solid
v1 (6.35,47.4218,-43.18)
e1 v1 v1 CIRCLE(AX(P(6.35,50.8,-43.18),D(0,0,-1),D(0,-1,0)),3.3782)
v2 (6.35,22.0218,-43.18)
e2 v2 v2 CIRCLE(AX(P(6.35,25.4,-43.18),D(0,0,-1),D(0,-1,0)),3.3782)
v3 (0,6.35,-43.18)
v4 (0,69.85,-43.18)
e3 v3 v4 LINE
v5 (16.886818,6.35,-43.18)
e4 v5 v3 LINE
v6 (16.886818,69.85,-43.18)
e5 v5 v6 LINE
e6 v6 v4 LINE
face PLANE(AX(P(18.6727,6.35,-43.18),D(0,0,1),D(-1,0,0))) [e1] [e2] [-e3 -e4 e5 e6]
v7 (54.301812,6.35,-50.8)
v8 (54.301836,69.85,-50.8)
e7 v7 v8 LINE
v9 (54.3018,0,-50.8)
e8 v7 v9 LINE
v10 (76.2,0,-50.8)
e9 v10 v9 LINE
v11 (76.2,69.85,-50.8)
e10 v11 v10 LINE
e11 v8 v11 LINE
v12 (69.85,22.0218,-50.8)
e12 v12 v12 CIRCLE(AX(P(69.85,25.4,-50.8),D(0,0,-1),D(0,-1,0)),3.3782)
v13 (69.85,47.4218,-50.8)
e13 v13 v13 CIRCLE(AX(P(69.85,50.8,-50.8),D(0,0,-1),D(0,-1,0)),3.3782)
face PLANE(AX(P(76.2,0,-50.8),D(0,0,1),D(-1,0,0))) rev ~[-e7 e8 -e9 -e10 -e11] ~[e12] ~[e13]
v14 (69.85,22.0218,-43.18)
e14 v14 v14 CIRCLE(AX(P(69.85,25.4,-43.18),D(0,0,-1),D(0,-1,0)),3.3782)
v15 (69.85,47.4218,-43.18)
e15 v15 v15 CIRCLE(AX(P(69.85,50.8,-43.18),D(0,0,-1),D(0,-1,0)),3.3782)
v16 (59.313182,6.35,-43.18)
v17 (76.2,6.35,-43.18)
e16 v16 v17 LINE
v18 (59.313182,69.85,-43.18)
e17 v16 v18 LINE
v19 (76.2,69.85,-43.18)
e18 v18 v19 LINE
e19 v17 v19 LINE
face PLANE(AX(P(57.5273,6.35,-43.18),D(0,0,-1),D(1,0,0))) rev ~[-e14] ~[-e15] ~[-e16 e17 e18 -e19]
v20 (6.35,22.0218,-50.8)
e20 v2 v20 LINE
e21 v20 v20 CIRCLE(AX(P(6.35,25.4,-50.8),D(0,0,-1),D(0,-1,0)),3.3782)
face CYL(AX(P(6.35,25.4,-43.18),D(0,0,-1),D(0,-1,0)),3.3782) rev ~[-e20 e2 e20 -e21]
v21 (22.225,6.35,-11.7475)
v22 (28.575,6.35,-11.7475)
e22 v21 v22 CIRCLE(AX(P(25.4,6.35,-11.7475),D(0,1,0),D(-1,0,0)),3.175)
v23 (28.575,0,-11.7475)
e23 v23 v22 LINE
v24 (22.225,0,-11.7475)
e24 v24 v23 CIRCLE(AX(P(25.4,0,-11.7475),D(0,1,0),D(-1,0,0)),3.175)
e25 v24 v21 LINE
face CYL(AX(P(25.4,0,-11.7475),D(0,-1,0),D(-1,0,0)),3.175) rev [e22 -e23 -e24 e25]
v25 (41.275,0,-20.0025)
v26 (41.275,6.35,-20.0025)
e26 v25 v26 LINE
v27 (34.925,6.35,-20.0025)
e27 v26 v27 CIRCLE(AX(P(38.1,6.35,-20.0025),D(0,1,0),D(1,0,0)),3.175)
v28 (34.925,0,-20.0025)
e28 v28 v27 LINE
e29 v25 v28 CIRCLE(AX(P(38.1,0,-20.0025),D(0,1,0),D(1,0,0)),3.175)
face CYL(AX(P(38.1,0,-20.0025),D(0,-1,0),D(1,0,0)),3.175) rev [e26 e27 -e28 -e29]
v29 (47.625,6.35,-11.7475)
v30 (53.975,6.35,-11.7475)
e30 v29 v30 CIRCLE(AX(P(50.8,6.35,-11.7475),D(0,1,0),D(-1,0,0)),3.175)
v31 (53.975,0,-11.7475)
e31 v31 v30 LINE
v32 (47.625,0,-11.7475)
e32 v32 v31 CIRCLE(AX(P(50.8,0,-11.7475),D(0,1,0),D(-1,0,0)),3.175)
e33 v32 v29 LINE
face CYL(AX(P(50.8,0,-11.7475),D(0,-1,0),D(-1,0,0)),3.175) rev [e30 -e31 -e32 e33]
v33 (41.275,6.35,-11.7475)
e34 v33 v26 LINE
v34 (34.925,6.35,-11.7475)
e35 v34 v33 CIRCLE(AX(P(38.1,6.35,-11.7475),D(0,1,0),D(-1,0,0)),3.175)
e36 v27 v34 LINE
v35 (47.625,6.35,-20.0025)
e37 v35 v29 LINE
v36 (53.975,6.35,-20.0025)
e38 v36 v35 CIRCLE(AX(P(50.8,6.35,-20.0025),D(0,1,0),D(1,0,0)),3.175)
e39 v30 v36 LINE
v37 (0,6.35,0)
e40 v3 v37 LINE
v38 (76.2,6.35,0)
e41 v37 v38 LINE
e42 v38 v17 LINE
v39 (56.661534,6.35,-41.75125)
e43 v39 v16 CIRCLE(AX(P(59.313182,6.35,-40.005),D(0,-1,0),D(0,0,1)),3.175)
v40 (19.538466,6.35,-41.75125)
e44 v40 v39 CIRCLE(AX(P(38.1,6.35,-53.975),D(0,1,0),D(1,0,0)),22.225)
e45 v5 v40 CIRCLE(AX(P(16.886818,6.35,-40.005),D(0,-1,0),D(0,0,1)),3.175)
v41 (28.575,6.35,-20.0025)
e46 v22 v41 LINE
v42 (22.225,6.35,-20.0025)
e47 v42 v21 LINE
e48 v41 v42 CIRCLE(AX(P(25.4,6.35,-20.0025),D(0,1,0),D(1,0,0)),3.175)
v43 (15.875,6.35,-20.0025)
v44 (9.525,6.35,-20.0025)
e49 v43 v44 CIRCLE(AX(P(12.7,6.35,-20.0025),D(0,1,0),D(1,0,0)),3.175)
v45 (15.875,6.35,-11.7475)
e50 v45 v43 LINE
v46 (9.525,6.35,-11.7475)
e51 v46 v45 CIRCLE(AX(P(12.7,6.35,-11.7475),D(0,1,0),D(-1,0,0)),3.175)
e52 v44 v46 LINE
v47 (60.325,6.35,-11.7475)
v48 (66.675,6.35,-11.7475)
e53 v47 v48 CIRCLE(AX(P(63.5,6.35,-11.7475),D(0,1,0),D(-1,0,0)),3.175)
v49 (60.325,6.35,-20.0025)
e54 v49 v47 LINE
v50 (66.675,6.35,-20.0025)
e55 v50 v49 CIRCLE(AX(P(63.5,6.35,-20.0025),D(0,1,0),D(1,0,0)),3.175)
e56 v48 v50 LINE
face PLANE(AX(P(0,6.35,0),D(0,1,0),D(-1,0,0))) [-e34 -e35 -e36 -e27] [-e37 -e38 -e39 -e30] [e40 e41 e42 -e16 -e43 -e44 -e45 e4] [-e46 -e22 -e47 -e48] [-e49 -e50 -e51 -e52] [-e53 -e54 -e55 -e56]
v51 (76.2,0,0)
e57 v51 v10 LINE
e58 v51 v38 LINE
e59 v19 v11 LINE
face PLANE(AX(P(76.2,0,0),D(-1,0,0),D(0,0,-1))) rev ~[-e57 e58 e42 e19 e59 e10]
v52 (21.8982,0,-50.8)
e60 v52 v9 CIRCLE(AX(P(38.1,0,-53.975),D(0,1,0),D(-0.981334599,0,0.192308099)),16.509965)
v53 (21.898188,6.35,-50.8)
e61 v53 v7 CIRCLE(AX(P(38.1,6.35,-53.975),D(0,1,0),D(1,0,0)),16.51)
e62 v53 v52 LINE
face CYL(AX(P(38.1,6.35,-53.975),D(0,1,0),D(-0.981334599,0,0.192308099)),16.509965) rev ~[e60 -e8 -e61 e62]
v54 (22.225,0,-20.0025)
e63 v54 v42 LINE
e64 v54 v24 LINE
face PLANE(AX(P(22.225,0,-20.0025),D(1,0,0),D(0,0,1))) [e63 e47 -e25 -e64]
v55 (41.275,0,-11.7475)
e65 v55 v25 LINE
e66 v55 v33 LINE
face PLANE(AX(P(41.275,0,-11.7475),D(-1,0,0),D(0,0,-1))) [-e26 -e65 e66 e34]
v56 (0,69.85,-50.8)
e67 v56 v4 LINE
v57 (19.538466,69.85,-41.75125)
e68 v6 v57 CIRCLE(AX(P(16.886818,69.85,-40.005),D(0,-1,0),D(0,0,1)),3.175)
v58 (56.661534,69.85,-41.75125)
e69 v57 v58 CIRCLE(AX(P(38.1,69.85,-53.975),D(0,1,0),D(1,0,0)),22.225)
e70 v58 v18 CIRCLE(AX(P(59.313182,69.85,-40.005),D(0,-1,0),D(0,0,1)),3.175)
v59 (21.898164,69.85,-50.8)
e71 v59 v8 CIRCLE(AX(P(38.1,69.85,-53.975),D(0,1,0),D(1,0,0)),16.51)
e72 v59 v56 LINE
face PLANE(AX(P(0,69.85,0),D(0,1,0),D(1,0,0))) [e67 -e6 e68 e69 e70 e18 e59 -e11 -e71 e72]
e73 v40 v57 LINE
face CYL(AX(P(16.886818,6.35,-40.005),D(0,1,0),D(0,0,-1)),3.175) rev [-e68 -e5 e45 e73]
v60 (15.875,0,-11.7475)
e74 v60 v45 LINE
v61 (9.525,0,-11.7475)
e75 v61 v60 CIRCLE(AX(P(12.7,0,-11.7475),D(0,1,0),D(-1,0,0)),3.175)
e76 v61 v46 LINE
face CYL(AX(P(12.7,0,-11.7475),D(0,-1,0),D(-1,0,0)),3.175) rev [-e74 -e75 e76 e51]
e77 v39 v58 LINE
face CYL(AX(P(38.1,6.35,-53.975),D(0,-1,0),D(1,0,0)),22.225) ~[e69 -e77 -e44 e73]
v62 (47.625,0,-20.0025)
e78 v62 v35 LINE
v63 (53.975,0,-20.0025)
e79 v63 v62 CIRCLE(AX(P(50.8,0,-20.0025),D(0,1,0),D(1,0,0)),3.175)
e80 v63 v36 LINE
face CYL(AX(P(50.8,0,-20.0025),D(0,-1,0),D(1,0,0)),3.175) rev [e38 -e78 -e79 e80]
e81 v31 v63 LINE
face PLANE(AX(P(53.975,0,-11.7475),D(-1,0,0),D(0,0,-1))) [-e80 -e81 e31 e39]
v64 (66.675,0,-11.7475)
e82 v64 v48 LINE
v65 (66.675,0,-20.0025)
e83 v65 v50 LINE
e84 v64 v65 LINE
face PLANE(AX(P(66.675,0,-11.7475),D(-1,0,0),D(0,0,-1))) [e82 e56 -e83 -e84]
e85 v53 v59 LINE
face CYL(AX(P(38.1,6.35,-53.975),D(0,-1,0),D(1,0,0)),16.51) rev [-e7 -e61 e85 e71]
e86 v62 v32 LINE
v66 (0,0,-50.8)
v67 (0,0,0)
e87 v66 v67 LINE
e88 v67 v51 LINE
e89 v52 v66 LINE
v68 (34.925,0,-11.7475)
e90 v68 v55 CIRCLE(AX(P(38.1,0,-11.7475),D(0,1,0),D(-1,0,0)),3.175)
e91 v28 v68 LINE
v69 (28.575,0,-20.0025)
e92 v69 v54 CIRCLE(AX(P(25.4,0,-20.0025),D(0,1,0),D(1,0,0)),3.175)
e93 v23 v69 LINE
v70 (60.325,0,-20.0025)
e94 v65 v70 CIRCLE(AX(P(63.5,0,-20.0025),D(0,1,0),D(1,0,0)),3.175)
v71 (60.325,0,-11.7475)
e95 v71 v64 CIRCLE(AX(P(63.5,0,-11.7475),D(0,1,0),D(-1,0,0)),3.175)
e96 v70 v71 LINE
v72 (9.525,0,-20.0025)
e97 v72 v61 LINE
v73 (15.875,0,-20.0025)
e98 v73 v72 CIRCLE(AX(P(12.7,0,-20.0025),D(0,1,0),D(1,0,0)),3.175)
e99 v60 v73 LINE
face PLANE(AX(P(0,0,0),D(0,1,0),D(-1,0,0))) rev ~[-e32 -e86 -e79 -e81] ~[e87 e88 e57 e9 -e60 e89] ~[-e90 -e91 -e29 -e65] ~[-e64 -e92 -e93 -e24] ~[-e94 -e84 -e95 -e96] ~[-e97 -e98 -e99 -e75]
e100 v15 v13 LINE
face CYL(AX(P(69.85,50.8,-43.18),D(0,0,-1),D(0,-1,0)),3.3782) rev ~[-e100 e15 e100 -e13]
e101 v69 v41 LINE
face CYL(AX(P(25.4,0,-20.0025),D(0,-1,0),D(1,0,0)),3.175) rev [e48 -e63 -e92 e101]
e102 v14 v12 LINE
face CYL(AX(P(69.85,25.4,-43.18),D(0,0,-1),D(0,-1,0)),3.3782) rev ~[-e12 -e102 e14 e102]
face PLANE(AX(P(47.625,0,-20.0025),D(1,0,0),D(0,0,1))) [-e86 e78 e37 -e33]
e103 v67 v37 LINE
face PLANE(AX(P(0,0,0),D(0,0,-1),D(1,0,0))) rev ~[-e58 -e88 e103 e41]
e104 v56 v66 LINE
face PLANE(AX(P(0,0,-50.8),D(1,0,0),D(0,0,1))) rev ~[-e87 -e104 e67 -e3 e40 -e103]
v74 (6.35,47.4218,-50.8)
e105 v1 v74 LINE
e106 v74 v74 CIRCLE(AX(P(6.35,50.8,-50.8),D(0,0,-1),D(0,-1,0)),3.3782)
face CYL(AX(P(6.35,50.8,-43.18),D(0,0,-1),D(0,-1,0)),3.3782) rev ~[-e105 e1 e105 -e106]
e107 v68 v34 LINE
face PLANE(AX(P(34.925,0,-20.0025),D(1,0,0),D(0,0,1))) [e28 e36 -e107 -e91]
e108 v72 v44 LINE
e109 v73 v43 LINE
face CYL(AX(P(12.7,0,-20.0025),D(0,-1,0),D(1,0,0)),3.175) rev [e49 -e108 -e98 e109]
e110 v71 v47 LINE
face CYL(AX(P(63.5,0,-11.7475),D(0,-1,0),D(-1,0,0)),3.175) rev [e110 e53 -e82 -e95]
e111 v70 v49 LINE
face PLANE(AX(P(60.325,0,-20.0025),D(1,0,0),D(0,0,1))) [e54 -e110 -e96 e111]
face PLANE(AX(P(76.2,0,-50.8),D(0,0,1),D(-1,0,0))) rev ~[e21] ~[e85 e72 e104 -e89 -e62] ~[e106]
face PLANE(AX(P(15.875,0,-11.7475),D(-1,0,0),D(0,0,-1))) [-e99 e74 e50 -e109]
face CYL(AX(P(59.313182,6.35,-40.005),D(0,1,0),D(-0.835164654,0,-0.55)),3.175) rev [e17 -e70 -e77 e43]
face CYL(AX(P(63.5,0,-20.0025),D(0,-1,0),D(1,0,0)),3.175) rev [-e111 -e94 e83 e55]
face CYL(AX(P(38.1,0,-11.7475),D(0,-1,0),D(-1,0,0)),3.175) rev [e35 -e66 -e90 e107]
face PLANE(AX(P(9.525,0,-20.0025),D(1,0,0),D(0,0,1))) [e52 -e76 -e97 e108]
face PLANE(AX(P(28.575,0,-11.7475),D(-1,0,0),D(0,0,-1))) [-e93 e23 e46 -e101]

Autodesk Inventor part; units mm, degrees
ref_plane "YZ Plane" through (0, 0, 0) normal (1, 0, 0) x (0, 1, 0)
ref_plane "XZ Plane" through (0, 0, 0) normal (0, 1, 0) x (-1, 0, 0)
ref_plane "XY Plane" through (0, 0, 0) normal (0, 0, 1) x (1, 0, 0)
sketch "Sketch1" plane through (0, 0, 0) normal (0, 1, 0) x (-1, 0, 0)
  line L0 (0, 0) -> (-76.2, 0)
  line L1 (-76.2, 0) -> (-76.2, -50.8)
  line L2 (-76.2, -50.8) -> (0, -50.8)
  line L3 (0, -50.8) -> (0, 0)
  line L4 (-12.7, -11.7475) -> (-12.7, -20.0025) construction
  line L5 (-15.875, -11.7475) -> (-15.875, -20.0025)
  line L6 (-9.525, -20.0025) -> (-9.525, -11.7475)
  arc A0 (-9.525, -11.7475) -> (-15.875, -11.7475) centre (-12.7, -11.7475) ccw
  arc A1 (-15.875, -20.0025) -> (-9.525, -20.0025) centre (-12.7, -20.0025) ccw
  line L7 (-25.4, -11.7475) -> (-25.4, -20.0025) construction
  line L8 (-28.575, -11.7475) -> (-28.575, -20.0025)
  line L9 (-22.225, -20.0025) -> (-22.225, -11.7475)
  arc A2 (-22.225, -11.7475) -> (-28.575, -11.7475) centre (-25.4, -11.7475) ccw
  arc A3 (-28.575, -20.0025) -> (-22.225, -20.0025) centre (-25.4, -20.0025) ccw
  line L10 (-28.575, -11.7475) -> (-28.575, -20.0025)
  line L11 (-25.4, -11.7475) -> (-25.4, -20.0025) construction
  arc A4 (-22.225, -11.7475) -> (-28.575, -11.7475) centre (-25.4, -11.7475) ccw
  line L12 (-22.225, -20.0025) -> (-22.225, -11.7475)
  arc A5 (-28.575, -20.0025) -> (-22.225, -20.0025) centre (-25.4, -20.0025) ccw
  line L13 (-41.275, -11.7475) -> (-41.275, -20.0025)
  line L14 (-38.1, -11.7475) -> (-38.1, -20.0025) construction
  arc A6 (-34.925, -11.7475) -> (-41.275, -11.7475) centre (-38.1, -11.7475) ccw
  line L15 (-34.925, -20.0025) -> (-34.925, -11.7475)
  arc A7 (-41.275, -20.0025) -> (-34.925, -20.0025) centre (-38.1, -20.0025) ccw
  line L16 (-53.975, -11.7475) -> (-53.975, -20.0025)
  line L17 (-50.8, -11.7475) -> (-50.8, -20.0025) construction
  arc A8 (-47.625, -11.7475) -> (-53.975, -11.7475) centre (-50.8, -11.7475) ccw
  line L18 (-47.625, -20.0025) -> (-47.625, -11.7475)
  arc A9 (-53.975, -20.0025) -> (-47.625, -20.0025) centre (-50.8, -20.0025) ccw
  line L19 (-66.675, -11.7475) -> (-66.675, -20.0025)
  line L20 (-63.5, -11.7475) -> (-63.5, -20.0025) construction
  arc A10 (-60.325, -11.7475) -> (-66.675, -11.7475) centre (-63.5, -11.7475) ccw
  line L21 (-60.325, -20.0025) -> (-60.325, -11.7475)
  arc A11 (-66.675, -20.0025) -> (-60.325, -20.0025) centre (-63.5, -20.0025) ccw
  point P0 (-12.7, -15.875)
  point P1 (-25.4, -15.875)
  point P2 (-25.4, -15.875)
  point P3 (-38.1, -15.875)
  point P4 (-50.8, -15.875)
  point P5 (-63.5, -15.875)
  dimension "d0" = 50.8
  dimension "d1" = 76.2
  dimension "d41" = 8.255
  dimension "d42" = 6.35
  dimension "d43" = 12.7
  dimension "d44" = 8.255
  dimension "d45" = 6.35
  dimension "d56" = 12.7
  dimension "d57" = 15.875
  dimension "d60" = 12.7
extrude "Extrusion1" add sketch "Sketch1" along normal blind 6.35
sketch "Sketch2" plane through (0, 6.35, 0) normal (0, 1, 0) x (1, 0, 0)
  line L0 (76.2, 50.8) -> (0, 50.8)
  circle A0 centre (38.1, 53.975) radius 16.51
  line L1 (0, 50.8) -> (0, 0) projected
  circle A1 centre (38.1, 53.975) radius 22.225
  line L2 (18.6727, 43.18) -> (0, 43.18)
  line L3 (76.2, 50.8) -> (0, 50.8) projected
  line L4 (57.5273, 43.18) -> (76.2, 43.18)
  line L5 (76.2, 0) -> (76.2, 50.8) projected
  point P0 (54.3018, 50.8)
  point P1 (21.8982, 50.8)
  dimension "d22" = 33.02
  dimension "d23" = 3.175
  dimension "d24" = 38.1
  dimension "d25" = 44.45
  dimension "d26" = 7.62
  dimension "d27" = 7.62
extrude "Extrusion2" add sketch "Sketch2" along normal blind 63.5 contours L5 L4 A1 L0 | A1 L0 A0 | L2 L1 L0 A1 picked at (21.7987, 42.02)
sketch "Sketch3" plane through (0, 6.35, -43.18) normal (0, 0, 1) x (1, 0, 0)
  line L0 (76.2, 0) -> (76.2, 63.5) projected
  line L1 (0, 0) -> (0, 63.5) projected
  line L2 (0, 63.5) -> (18.6727, 63.5) projected
  line L3 (57.5273, 63.5) -> (76.2, 63.5) projected
  line L4 (54.3018, 0) -> (21.8982, 0) projected
  point P0 (0, -6.35)
  point P1 (6.35, 44.45)
  point P2 (69.85, 44.45)
  point P3 (6.35, 19.05)
  point P4 (69.85, 19.05)
  dimension "d30" = 6.35
  dimension "d31" = 6.35
  dimension "d32" = 19.05
  dimension "d33" = 19.05
  dimension "d52" = 6.35
  dimension "d53" = 6.35
  dimension "d54" = 19.05
  dimension "d55" = 19.05
hole "Hole1" at (6.35, 50.8, -43.18) at (6.35, 25.4, -43.18) at (69.85, 25.4, -43.18) at (69.85, 50.8, -43.18) direction (0, 0, -1) diameter 6.7564 end through all
fillet "Fillet1" radius 3.175 2 edges at (18.6727, 38.1, -43.18) (57.5273, 38.1, -43.18)
sketch "Sketch6" plane through (0, 6.35, 0) normal (0, 1, 0) x (1, 0, 0)
  circle A0 centre (38.1, 53.975) radius 16.51
  arc A1 (21.8982, 50.8) -> (54.3018, 50.8) centre (38.1, 53.975) ccw projected
  point P0 (0, 0)
  dimension "d49" = 33.02
extrude "Extrusion3" cut sketch "Sketch6" against normal blind 25.4
properties part number "CLAMP"
